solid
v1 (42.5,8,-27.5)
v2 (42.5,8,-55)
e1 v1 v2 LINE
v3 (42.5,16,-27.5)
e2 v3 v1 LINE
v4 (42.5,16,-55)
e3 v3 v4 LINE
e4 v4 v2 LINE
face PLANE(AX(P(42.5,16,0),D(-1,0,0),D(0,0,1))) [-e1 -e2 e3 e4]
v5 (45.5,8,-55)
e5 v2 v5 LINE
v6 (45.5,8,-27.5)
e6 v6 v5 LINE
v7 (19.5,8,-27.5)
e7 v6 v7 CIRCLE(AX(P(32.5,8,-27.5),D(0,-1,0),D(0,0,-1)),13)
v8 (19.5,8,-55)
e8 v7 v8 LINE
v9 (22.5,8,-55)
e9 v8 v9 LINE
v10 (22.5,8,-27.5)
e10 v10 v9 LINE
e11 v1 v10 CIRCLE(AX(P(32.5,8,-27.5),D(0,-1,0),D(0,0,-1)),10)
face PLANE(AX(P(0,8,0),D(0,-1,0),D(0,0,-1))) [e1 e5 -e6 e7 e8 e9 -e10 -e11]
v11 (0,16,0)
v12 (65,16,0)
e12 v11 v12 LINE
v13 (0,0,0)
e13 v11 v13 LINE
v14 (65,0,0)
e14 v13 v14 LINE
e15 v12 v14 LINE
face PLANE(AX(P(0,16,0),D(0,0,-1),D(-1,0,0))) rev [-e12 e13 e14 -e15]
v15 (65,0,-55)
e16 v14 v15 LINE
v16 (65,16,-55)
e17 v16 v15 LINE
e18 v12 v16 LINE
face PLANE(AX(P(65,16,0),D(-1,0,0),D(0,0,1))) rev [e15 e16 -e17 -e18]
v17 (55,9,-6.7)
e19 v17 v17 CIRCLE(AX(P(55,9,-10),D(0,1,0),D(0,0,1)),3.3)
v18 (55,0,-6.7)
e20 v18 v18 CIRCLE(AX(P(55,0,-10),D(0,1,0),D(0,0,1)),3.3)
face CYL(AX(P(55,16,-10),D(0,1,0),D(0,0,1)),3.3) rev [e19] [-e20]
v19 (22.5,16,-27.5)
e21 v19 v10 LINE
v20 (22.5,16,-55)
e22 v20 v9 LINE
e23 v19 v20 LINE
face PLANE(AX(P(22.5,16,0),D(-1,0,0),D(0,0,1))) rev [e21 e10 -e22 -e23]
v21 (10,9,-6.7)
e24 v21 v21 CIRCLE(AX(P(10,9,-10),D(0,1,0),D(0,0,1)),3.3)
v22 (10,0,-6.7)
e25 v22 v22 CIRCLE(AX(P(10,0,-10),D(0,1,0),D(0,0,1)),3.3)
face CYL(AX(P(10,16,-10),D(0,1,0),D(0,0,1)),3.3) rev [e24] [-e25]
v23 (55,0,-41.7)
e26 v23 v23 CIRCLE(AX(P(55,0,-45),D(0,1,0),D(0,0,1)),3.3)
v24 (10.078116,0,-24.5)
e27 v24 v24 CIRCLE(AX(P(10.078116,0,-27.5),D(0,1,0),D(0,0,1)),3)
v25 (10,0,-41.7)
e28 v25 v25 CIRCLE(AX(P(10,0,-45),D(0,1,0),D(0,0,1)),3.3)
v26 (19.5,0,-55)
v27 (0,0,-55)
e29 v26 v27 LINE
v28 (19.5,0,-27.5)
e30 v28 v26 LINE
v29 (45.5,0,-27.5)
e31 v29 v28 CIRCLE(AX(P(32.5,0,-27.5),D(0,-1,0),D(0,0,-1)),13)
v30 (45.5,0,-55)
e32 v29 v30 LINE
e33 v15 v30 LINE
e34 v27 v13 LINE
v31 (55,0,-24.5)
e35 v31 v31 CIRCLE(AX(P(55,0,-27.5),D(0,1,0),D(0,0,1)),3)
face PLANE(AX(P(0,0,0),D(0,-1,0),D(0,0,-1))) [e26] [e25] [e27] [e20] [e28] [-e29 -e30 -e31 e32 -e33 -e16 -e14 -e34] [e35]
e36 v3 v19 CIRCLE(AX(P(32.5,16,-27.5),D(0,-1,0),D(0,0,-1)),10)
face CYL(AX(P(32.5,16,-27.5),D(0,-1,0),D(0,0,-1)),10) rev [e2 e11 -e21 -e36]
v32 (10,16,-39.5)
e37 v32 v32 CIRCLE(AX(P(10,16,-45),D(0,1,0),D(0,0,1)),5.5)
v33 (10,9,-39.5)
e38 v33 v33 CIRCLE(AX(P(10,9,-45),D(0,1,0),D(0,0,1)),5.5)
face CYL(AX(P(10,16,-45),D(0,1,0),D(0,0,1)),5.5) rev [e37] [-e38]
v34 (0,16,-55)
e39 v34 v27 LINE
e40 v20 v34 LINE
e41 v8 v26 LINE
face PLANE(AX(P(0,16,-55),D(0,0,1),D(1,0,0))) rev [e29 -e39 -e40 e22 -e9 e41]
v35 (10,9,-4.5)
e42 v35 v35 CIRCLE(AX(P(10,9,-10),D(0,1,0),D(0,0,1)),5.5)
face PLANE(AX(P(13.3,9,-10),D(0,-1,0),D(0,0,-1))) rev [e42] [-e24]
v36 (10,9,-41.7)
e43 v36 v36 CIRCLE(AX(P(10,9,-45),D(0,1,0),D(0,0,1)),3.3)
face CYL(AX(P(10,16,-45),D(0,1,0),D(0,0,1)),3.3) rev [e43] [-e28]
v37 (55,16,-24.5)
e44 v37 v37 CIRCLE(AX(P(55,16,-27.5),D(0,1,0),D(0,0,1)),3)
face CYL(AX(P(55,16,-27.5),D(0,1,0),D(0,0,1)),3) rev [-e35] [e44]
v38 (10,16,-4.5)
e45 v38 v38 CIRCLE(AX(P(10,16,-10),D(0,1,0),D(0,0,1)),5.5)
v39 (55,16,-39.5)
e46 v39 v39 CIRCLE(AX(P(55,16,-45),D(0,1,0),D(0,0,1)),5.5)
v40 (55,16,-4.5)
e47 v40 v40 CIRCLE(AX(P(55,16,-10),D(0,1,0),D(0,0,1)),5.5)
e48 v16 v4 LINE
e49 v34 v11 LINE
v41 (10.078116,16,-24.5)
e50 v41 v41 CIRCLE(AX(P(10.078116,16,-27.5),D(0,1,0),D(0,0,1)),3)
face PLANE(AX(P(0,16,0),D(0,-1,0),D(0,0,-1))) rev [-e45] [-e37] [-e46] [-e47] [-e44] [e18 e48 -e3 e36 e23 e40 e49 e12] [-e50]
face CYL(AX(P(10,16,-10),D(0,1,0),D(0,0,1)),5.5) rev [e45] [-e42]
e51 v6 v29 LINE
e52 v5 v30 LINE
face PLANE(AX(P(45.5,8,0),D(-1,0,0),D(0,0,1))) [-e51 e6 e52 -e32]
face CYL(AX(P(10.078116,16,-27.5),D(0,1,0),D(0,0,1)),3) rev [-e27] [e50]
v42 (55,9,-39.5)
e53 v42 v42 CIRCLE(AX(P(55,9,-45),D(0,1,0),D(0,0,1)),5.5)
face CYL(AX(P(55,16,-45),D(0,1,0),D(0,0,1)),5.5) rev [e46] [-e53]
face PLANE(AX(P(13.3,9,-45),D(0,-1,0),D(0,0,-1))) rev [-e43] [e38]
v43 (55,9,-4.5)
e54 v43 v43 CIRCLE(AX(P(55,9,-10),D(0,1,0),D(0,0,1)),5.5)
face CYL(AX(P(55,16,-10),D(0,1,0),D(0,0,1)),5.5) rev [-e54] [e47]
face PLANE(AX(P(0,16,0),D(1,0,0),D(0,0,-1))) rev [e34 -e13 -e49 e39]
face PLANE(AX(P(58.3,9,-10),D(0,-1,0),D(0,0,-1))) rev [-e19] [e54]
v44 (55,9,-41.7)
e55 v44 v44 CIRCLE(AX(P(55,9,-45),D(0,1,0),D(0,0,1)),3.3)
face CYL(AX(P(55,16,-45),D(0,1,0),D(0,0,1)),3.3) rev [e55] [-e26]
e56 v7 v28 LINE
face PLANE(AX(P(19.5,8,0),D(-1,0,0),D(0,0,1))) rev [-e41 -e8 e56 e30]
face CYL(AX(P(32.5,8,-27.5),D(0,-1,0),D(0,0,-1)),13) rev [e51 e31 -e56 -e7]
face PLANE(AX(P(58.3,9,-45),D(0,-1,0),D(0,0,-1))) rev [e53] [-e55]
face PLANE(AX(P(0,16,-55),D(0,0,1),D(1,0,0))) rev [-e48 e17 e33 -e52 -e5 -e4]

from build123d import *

# Parameters (mm, degrees)
SKETCH1_W                                            = 65
SKETCH1_H                                            = 55
BOSS_EXTRUDE1_DEPTH                                  = 16
CBORE_SLOT_FOR_M6_HEX_SOCKET_HEAD_CAP_SC_D           = 6.6
CBORE_SLOT_FOR_M6_HEX_SOCKET_HEAD_CAP_SC_CBORE_D     = 11
CBORE_SLOT_FOR_M6_HEX_SOCKET_HEAD_CAP_SC_CBORE_DEPTH = 7
F_6_0MM_DOWEL_HOLE1_D                                = 6
SKETCH23_R                                           = 13
CUT_EXTRUDE2_DEPTH                                   = 8
SKETCH24_R                                           = 10
CUT_EXTRUDE3_DEPTH                                   = 86.521927013


with BuildPart() as part:
    # Sketch1 → Boss-Extrude1 (new body)
    with BuildSketch(Plane(origin=(0, 0, 0), x_dir=(1, 0, 0), z_dir=(0, 1, 0))):
        with Locations((32.5, 27.5)):
            Rectangle(SKETCH1_W, SKETCH1_H)
    extrude(amount=BOSS_EXTRUDE1_DEPTH)

    # CBORE SLOT for M6 Hex Socket Head Cap Screw1 (through all)
    with Locations(Plane(origin=(0, 16, 0), x_dir=(1, 0, 0), z_dir=(0, 1, 0))):
        with Locations((10, 45), (55, 45), (55, 10), (10, 10)):
            CounterBoreHole(CBORE_SLOT_FOR_M6_HEX_SOCKET_HEAD_CAP_SC_D / 2, CBORE_SLOT_FOR_M6_HEX_SOCKET_HEAD_CAP_SC_CBORE_D / 2, CBORE_SLOT_FOR_M6_HEX_SOCKET_HEAD_CAP_SC_CBORE_DEPTH)

    # Ø6.0mm Dowel Hole1 (through all)
    with Locations(Plane(origin=(0, 16, 0), x_dir=(1, 0, 0), z_dir=(0, 1, 0))):
        with Locations((10.078116325, 27.5), (55, 27.5)):
            Hole(F_6_0MM_DOWEL_HOLE1_D / 2)

    # Sketch23 → Cut-Extrude2 (cut)
    with BuildSketch(Plane.XZ):
        with BuildLine():
            ThreePointArc((45.5, -27.5), (32.5, -40.5), (19.5, -27.5))
            Line((19.5, -27.5), (19.5, -55))
            Line((19.5, -55), (45.5, -55))
            Line((45.5, -55), (45.5, -27.5))
        make_face()
        with Locations((32.5, -27.5)):
            Circle(SKETCH23_R)
    extrude(amount=-CUT_EXTRUDE2_DEPTH, mode=Mode.SUBTRACT)

    # Sketch24 → Cut-Extrude3 (cut, through all)
    with BuildSketch(Plane.XZ.offset(-8)):
        with Locations((32.5, -27.5)):
            Circle(SKETCH24_R)
        with BuildLine():
            Line((42.5, -55), (42.5, -27.5))
            ThreePointArc((42.5, -27.5), (32.5, -37.5), (22.5, -27.5))
            Line((22.5, -27.5), (22.5, -55))
            Line((22.5, -55), (42.5, -55))
        make_face()
    extrude(amount=-CUT_EXTRUDE3_DEPTH, mode=Mode.SUBTRACT)


solid = part.part
